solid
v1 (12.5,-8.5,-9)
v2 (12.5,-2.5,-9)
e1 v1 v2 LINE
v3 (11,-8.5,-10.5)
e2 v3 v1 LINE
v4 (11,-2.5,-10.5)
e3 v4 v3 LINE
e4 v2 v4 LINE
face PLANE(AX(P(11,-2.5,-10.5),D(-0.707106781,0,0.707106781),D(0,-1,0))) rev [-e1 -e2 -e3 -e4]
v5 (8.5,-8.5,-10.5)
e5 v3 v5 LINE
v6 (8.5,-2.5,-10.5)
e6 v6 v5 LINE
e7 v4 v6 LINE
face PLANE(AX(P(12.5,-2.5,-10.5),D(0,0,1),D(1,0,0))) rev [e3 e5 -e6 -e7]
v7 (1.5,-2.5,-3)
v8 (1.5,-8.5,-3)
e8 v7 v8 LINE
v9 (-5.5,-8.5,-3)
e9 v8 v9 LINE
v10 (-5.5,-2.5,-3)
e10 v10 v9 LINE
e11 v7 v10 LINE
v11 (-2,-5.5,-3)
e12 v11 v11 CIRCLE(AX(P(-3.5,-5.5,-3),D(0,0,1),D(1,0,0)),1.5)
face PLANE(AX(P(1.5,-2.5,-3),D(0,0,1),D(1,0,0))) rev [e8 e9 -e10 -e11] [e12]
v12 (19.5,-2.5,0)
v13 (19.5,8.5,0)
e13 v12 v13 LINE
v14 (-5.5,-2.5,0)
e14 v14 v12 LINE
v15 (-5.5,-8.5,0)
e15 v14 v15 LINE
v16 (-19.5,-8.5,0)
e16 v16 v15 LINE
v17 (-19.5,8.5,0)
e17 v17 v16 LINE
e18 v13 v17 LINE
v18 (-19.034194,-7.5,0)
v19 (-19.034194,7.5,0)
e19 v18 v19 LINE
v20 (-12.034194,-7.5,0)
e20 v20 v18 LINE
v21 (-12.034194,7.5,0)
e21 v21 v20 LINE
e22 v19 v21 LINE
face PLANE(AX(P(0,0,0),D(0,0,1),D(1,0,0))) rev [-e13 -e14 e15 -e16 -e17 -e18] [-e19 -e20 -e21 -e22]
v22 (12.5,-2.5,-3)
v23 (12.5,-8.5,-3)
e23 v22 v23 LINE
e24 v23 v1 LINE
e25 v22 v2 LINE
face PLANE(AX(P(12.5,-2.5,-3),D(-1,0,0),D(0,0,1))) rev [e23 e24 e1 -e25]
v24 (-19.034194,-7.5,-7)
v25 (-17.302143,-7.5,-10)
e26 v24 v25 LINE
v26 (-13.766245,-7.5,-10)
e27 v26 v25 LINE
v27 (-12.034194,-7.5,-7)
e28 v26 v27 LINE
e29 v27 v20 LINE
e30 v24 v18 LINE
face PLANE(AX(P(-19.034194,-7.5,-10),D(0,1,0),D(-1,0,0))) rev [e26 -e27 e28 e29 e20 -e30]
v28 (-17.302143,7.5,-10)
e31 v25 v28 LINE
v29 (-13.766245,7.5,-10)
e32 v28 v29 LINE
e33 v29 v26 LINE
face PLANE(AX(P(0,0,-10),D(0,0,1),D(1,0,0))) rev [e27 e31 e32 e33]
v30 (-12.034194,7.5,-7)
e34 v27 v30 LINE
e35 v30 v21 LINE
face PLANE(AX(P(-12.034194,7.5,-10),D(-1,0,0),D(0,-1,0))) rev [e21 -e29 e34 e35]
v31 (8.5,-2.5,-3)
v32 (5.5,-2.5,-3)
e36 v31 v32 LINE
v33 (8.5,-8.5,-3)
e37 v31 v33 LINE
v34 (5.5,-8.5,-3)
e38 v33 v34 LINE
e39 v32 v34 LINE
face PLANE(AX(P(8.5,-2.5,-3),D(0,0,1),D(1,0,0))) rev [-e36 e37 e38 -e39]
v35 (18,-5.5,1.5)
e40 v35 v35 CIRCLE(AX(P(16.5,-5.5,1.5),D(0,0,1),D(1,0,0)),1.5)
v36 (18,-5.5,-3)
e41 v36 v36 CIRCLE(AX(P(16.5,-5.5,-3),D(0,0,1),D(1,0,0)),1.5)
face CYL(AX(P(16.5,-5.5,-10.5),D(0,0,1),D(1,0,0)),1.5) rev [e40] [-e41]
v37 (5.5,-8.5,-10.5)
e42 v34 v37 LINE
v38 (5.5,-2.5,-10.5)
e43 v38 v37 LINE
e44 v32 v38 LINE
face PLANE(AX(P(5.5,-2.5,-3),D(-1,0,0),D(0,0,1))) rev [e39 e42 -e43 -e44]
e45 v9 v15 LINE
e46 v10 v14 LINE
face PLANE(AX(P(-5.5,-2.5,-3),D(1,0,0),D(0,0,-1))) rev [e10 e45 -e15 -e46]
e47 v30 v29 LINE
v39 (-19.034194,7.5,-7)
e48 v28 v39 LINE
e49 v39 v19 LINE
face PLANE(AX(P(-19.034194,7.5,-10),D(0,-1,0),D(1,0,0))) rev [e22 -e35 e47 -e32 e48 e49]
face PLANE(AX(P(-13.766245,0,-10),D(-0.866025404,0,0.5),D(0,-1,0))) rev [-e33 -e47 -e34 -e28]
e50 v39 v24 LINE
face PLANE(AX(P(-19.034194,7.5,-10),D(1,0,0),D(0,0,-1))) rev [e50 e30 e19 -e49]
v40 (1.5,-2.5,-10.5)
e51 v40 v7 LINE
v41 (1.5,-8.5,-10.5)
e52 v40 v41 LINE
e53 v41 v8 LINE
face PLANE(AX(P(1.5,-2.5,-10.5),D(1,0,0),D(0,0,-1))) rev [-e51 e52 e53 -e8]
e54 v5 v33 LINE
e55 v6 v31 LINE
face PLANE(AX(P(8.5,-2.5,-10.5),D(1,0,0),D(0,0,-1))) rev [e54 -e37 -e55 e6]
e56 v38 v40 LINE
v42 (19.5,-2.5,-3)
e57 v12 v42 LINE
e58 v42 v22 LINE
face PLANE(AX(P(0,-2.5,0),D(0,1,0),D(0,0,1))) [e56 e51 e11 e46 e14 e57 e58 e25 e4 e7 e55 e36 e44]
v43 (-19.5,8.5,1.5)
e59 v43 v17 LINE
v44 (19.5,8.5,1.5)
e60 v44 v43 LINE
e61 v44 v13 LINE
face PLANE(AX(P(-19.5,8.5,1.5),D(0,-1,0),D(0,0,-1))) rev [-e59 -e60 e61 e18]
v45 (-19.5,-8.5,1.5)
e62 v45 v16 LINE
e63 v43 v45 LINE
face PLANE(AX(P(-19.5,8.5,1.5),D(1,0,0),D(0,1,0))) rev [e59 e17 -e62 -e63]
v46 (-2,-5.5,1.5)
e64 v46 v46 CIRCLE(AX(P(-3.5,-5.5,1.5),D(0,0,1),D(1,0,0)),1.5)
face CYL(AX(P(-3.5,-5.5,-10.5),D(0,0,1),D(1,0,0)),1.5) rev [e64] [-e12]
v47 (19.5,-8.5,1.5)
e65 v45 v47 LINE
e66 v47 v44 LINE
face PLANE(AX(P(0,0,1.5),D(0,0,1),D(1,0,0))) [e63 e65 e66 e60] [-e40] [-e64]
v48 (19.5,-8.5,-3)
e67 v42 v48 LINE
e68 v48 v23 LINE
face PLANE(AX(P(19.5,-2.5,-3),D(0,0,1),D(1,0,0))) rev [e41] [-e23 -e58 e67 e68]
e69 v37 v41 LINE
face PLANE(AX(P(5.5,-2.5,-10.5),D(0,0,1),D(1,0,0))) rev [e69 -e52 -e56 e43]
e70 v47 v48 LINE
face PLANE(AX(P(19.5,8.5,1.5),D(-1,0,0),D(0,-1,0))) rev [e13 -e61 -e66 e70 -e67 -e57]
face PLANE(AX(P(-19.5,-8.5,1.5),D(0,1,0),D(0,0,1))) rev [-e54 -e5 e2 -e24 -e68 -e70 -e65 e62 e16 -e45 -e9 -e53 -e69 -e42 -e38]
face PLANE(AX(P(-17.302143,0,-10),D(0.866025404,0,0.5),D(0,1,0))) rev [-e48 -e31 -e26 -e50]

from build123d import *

# Parameters (mm, degrees)
ESQUISSE1_W             = 39
ESQUISSE1_H             = 17
BOSS_EXTRU_1_DEPTH      = 1.5
BOSS_EXTRU_2_DEPTH      = 6
ESQUISSE2_R             = 1.5
ENL_V_MAT_EXTRU_1_DEPTH = 13
CHANFREIN1_SIZE         = 1.5
ESQUISSE4_W             = 7
ESQUISSE4_H             = 15
BOSS_EXTRU_3_DEPTH      = 10
CHANFREIN2_SIZE         = 3
CHANFREIN2_SIZE2        = 1.732050808
CHANFREIN2_PART_2_SIZE  = 3
CHANFREIN2_PART_2_SIZE2 = 1.732050808


with BuildPart() as part:
    # Esquisse1 → Boss.-Extru.1 (new body)
    with BuildSketch(Plane.XY):
        Rectangle(ESQUISSE1_W, ESQUISSE1_H)
    extrude(amount=BOSS_EXTRU_1_DEPTH)

    # Esquisse3 → Boss.-Extru.2 (add)
    with BuildSketch(Plane(origin=(0, -8.5, 0), x_dir=(1, 0, 0), z_dir=(0, 1, 0))):
        Polygon((19.5, 0), (19.5, 3), (12.5, 3), (12.5, 10.5), (8.5, 10.5), (8.5, 3), (5.5, 3), (5.5, 10.5), (1.5, 10.5), (1.5, 3), (-5.5, 3), (-5.5, 0), align=None)
    extrude(amount=BOSS_EXTRU_2_DEPTH)

    # Esquisse2 → Enlèv. mat.-Extru.1 (cut, through all)
    with BuildSketch(Plane.XY.offset(1.5)):
        with Locations((16.5, -5.5)):
            Circle(ESQUISSE2_R)
        with Locations((-3.5, -5.5)):
            Circle(ESQUISSE2_R)
    extrude(amount=-ENL_V_MAT_EXTRU_1_DEPTH, mode=Mode.SUBTRACT)

    # Chanfrein1
    chanfrein1_edges = [part.edges().sort_by_distance(p)[0] for p in [
        (12.5, -5.5, -10.5),
    ]]
    chamfer(chanfrein1_edges, length=CHANFREIN1_SIZE)

    # Esquisse4 → Boss.-Extru.3 (add)
    with BuildSketch(Plane(origin=(0, 0, 0), x_dir=(-1, 0, 0), z_dir=(0, 0, -1))):
        with Locations((15.534193906, 0)):
            Rectangle(ESQUISSE4_W, ESQUISSE4_H)
    extrude(amount=BOSS_EXTRU_3_DEPTH)

    # Chanfrein2
    chanfrein2_edges = [part.edges().sort_by_distance(p)[0] for p in [
        (-12.034193906, 0, -10),
    ]]
    chanfrein2_side = [part.faces().sort_by_distance(p)[0] for p in [
        (-12.034193906, 0, -5),
    ]]
    chamfer(chanfrein2_edges, length=CHANFREIN2_SIZE, length2=CHANFREIN2_SIZE2, reference=chanfrein2_side[0])

    # Chanfrein2 part 2
    chanfrein2_part_2_edges = [part.edges().sort_by_distance(p)[0] for p in [
        (-19.034193906, 0, -10),
    ]]
    chanfrein2_part_2_side = [part.faces().sort_by_distance(p)[0] for p in [
        (-19.034193906, 0, -5),
    ]]
    chamfer(chanfrein2_part_2_edges, length=CHANFREIN2_PART_2_SIZE, length2=CHANFREIN2_PART_2_SIZE2, reference=chanfrein2_part_2_side[0])


solid = part.part
